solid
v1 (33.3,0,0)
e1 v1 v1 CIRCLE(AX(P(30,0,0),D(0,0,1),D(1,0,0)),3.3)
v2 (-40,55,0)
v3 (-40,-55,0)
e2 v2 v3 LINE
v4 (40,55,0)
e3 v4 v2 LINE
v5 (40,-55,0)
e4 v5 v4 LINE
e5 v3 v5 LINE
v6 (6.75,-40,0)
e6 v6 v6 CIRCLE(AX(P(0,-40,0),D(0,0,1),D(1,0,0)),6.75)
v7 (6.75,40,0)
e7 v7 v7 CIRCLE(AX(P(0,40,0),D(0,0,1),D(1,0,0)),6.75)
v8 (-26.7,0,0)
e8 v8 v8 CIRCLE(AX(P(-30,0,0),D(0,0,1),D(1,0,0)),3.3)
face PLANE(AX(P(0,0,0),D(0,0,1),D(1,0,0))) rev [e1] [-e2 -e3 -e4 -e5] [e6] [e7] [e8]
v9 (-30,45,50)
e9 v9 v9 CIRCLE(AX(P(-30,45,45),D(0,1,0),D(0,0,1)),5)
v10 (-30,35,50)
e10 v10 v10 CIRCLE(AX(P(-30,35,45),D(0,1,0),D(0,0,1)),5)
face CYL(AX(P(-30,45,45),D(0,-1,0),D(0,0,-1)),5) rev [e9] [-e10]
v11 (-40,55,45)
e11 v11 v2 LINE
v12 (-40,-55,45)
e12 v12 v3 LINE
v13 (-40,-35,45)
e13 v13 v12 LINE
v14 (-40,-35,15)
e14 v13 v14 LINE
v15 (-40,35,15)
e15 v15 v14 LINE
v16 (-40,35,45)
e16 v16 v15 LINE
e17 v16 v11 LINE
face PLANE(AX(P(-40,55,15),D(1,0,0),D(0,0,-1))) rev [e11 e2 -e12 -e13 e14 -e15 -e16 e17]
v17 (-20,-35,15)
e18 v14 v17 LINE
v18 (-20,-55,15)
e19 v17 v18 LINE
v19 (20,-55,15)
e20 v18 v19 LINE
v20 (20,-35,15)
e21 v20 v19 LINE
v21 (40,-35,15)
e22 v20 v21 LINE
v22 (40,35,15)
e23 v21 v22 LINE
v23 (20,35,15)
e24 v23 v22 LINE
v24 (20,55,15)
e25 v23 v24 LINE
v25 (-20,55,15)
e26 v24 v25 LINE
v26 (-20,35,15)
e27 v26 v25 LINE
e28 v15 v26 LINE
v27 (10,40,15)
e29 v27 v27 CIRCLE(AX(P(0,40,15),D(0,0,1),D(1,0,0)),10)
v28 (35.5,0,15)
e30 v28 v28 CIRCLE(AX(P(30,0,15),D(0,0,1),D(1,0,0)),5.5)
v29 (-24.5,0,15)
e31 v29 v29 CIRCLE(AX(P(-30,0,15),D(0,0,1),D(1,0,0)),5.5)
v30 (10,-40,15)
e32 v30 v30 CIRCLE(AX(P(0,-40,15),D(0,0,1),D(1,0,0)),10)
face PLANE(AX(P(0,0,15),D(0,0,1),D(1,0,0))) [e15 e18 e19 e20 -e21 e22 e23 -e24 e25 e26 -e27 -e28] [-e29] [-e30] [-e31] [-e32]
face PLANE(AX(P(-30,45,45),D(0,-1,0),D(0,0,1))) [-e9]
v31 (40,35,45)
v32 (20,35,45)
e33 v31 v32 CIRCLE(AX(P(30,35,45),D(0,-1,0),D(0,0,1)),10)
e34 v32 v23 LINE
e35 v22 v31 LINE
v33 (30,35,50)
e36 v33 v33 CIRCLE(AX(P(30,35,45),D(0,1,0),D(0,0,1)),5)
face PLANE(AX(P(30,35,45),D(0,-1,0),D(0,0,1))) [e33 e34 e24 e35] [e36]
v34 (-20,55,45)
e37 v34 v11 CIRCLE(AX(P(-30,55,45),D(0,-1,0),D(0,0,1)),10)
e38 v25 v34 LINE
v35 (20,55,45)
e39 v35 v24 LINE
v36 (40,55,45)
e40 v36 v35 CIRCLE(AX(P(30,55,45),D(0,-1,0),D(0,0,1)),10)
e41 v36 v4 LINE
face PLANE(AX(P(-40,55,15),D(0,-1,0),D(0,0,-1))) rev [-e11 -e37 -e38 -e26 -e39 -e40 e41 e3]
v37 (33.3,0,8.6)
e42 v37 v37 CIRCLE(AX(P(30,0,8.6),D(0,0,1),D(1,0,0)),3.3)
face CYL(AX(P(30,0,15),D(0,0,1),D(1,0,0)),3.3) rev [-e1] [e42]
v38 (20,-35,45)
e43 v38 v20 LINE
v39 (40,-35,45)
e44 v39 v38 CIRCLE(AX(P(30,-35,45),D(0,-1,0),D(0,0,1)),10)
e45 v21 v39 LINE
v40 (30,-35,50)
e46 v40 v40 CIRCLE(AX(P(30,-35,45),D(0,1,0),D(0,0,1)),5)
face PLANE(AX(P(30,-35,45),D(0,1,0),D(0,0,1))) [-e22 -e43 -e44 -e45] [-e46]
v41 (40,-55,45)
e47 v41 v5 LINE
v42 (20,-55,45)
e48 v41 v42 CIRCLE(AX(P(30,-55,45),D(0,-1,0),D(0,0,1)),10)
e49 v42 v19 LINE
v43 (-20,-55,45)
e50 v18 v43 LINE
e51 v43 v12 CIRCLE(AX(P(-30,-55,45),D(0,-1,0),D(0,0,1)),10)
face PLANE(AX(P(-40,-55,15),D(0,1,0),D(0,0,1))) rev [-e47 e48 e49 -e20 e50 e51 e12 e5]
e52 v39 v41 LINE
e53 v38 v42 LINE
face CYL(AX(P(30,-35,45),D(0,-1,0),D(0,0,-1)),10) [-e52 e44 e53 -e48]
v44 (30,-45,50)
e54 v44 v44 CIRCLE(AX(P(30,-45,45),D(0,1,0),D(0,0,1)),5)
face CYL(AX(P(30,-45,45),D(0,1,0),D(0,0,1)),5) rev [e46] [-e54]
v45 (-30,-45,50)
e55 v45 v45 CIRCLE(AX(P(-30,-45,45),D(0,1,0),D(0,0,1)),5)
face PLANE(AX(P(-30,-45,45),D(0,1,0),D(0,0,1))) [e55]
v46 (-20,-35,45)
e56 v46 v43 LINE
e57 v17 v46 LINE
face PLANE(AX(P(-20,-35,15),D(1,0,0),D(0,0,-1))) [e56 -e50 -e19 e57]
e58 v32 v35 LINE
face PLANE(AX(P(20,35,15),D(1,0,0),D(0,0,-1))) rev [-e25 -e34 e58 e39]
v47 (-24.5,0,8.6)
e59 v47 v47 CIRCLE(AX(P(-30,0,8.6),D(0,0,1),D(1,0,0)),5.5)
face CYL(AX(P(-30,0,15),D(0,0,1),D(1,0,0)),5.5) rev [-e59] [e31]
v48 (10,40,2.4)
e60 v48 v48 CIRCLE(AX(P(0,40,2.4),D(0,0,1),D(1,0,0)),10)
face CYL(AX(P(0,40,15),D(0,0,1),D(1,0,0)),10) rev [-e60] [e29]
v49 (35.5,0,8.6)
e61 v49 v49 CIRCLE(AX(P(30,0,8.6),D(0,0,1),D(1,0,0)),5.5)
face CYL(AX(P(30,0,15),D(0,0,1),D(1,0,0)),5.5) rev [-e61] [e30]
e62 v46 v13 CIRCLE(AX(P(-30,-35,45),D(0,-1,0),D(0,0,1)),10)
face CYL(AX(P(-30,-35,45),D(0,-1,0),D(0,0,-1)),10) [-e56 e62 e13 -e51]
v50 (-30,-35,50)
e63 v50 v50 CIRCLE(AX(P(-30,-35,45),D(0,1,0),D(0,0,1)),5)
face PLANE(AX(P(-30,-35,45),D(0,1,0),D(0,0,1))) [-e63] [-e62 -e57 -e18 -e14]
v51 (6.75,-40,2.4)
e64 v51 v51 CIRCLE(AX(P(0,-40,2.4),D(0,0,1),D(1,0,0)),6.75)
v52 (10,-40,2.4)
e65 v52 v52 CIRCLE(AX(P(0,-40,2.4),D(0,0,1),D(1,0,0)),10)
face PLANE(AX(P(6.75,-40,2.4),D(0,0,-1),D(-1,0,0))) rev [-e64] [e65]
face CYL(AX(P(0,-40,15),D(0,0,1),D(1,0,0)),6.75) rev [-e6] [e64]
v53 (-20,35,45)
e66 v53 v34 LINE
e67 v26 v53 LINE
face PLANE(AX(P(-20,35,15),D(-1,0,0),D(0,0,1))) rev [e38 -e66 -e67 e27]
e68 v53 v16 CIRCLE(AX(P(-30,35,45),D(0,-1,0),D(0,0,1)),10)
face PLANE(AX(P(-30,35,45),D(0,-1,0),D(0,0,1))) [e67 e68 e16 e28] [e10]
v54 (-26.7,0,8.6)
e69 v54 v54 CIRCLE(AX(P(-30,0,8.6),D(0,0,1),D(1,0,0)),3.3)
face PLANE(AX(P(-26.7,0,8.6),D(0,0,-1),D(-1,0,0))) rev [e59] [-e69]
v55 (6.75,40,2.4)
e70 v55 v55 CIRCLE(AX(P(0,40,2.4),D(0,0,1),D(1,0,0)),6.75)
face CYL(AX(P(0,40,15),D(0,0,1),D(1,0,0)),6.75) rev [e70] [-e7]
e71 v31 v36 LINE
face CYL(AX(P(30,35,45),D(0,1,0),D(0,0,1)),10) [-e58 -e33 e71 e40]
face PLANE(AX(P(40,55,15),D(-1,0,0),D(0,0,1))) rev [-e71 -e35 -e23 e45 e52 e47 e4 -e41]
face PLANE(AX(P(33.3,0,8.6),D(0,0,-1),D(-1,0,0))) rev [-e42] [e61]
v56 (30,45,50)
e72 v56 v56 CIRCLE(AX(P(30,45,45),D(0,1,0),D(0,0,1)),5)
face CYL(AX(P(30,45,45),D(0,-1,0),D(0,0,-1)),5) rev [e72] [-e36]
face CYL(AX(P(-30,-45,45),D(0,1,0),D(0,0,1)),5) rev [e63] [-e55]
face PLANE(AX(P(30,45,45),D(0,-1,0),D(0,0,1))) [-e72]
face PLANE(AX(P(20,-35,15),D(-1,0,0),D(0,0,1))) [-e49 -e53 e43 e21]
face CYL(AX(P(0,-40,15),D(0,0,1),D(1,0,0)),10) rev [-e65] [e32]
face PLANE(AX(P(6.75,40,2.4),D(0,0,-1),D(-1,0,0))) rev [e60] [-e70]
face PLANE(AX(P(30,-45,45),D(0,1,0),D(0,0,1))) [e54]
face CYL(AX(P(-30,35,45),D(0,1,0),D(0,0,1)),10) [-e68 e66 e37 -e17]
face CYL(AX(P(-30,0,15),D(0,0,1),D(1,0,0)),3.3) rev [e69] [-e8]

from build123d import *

# Parameters (mm, degrees)
SKETCH_1_W                    = 80
SKETCH_1_H                    = 110
EXTRUDE_1_DEPTH               = 15
HOLE_WIZARD_M12_1_D           = 13.5
HOLE_WIZARD_M12_1_CBORE_D     = 20
HOLE_WIZARD_M12_1_CBORE_DEPTH = 12.6
EXTRUDE_2_DEPTH               = 20
SKETCH_5_R                    = 5
CUT_EXTRUDE_1_DEPTH           = 10
HOLE_WIZARD_M6_1_D            = 6.6
HOLE_WIZARD_M6_1_CBORE_D      = 11
HOLE_WIZARD_M6_1_CBORE_DEPTH  = 6.4


with BuildPart() as part:
    # 草图1 → 凸台-拉伸1 (new body)
    with BuildSketch(Plane.XY):
        Rectangle(SKETCH_1_W, SKETCH_1_H)
    extrude(amount=EXTRUDE_1_DEPTH)

    # M12 六角凹头螺钉的柱形沉头孔1 (through all)
    with Locations(Plane.XY.offset(15)):
        with Locations((0, 40), (0, -40)):
            CounterBoreHole(HOLE_WIZARD_M12_1_D / 2, HOLE_WIZARD_M12_1_CBORE_D / 2, HOLE_WIZARD_M12_1_CBORE_DEPTH)

    # 草图4 → 凸台-拉伸2 (add)
    with BuildSketch(Plane.XZ.offset(55)):
        with BuildLine():
            Line((-40, 15), (-40, 45))
            ThreePointArc((-40, 45), (-30, 55), (-20, 45))
            Line((-20, 45), (-20, 15))
            Line((-20, 15), (-40, 15))
        make_face()
        with BuildLine():
            Line((40, 15), (40, 45))
            ThreePointArc((40, 45), (30, 55), (20, 45))
            Line((20, 45), (20, 15))
            Line((20, 15), (40, 15))
        make_face()
    extrude_2 = extrude(amount=-EXTRUDE_2_DEPTH)

    # 镜向1: 凸台-拉伸2 across plane
    add(extrude_2.mirror(Plane(origin=(0, 0, 0), x_dir=(0, 0, 1), z_dir=(0, -1, 0))))

    # 草图5 → 切除-拉伸1 (cut)
    with BuildSketch(Plane(origin=(0, -35, 0), x_dir=(1, 0, 0), z_dir=(0, 1, 0))):
        with Locations(Location((30, -45, 0), (0, 0, 270))):
            Circle(SKETCH_5_R)
        with Locations(Location((-30, -45, 0), (0, 0, 270))):
            Circle(SKETCH_5_R)
    cut_extrude_1 = extrude(amount=-CUT_EXTRUDE_1_DEPTH, mode=Mode.SUBTRACT)

    # 镜向2: 切除-拉伸1 across plane
    add(cut_extrude_1.mirror(Plane(origin=(0, 0, 0), x_dir=(0, 0, 1), z_dir=(0, -1, 0))), mode=Mode.SUBTRACT)

    # M6 六角凹头螺钉的柱形沉头孔1 (through all)
    with Locations(Plane.XY.offset(15)):
        with Locations((-30, 0), (30, 0)):
            CounterBoreHole(HOLE_WIZARD_M6_1_D / 2, HOLE_WIZARD_M6_1_CBORE_D / 2, HOLE_WIZARD_M6_1_CBORE_DEPTH)


solid = part.part
